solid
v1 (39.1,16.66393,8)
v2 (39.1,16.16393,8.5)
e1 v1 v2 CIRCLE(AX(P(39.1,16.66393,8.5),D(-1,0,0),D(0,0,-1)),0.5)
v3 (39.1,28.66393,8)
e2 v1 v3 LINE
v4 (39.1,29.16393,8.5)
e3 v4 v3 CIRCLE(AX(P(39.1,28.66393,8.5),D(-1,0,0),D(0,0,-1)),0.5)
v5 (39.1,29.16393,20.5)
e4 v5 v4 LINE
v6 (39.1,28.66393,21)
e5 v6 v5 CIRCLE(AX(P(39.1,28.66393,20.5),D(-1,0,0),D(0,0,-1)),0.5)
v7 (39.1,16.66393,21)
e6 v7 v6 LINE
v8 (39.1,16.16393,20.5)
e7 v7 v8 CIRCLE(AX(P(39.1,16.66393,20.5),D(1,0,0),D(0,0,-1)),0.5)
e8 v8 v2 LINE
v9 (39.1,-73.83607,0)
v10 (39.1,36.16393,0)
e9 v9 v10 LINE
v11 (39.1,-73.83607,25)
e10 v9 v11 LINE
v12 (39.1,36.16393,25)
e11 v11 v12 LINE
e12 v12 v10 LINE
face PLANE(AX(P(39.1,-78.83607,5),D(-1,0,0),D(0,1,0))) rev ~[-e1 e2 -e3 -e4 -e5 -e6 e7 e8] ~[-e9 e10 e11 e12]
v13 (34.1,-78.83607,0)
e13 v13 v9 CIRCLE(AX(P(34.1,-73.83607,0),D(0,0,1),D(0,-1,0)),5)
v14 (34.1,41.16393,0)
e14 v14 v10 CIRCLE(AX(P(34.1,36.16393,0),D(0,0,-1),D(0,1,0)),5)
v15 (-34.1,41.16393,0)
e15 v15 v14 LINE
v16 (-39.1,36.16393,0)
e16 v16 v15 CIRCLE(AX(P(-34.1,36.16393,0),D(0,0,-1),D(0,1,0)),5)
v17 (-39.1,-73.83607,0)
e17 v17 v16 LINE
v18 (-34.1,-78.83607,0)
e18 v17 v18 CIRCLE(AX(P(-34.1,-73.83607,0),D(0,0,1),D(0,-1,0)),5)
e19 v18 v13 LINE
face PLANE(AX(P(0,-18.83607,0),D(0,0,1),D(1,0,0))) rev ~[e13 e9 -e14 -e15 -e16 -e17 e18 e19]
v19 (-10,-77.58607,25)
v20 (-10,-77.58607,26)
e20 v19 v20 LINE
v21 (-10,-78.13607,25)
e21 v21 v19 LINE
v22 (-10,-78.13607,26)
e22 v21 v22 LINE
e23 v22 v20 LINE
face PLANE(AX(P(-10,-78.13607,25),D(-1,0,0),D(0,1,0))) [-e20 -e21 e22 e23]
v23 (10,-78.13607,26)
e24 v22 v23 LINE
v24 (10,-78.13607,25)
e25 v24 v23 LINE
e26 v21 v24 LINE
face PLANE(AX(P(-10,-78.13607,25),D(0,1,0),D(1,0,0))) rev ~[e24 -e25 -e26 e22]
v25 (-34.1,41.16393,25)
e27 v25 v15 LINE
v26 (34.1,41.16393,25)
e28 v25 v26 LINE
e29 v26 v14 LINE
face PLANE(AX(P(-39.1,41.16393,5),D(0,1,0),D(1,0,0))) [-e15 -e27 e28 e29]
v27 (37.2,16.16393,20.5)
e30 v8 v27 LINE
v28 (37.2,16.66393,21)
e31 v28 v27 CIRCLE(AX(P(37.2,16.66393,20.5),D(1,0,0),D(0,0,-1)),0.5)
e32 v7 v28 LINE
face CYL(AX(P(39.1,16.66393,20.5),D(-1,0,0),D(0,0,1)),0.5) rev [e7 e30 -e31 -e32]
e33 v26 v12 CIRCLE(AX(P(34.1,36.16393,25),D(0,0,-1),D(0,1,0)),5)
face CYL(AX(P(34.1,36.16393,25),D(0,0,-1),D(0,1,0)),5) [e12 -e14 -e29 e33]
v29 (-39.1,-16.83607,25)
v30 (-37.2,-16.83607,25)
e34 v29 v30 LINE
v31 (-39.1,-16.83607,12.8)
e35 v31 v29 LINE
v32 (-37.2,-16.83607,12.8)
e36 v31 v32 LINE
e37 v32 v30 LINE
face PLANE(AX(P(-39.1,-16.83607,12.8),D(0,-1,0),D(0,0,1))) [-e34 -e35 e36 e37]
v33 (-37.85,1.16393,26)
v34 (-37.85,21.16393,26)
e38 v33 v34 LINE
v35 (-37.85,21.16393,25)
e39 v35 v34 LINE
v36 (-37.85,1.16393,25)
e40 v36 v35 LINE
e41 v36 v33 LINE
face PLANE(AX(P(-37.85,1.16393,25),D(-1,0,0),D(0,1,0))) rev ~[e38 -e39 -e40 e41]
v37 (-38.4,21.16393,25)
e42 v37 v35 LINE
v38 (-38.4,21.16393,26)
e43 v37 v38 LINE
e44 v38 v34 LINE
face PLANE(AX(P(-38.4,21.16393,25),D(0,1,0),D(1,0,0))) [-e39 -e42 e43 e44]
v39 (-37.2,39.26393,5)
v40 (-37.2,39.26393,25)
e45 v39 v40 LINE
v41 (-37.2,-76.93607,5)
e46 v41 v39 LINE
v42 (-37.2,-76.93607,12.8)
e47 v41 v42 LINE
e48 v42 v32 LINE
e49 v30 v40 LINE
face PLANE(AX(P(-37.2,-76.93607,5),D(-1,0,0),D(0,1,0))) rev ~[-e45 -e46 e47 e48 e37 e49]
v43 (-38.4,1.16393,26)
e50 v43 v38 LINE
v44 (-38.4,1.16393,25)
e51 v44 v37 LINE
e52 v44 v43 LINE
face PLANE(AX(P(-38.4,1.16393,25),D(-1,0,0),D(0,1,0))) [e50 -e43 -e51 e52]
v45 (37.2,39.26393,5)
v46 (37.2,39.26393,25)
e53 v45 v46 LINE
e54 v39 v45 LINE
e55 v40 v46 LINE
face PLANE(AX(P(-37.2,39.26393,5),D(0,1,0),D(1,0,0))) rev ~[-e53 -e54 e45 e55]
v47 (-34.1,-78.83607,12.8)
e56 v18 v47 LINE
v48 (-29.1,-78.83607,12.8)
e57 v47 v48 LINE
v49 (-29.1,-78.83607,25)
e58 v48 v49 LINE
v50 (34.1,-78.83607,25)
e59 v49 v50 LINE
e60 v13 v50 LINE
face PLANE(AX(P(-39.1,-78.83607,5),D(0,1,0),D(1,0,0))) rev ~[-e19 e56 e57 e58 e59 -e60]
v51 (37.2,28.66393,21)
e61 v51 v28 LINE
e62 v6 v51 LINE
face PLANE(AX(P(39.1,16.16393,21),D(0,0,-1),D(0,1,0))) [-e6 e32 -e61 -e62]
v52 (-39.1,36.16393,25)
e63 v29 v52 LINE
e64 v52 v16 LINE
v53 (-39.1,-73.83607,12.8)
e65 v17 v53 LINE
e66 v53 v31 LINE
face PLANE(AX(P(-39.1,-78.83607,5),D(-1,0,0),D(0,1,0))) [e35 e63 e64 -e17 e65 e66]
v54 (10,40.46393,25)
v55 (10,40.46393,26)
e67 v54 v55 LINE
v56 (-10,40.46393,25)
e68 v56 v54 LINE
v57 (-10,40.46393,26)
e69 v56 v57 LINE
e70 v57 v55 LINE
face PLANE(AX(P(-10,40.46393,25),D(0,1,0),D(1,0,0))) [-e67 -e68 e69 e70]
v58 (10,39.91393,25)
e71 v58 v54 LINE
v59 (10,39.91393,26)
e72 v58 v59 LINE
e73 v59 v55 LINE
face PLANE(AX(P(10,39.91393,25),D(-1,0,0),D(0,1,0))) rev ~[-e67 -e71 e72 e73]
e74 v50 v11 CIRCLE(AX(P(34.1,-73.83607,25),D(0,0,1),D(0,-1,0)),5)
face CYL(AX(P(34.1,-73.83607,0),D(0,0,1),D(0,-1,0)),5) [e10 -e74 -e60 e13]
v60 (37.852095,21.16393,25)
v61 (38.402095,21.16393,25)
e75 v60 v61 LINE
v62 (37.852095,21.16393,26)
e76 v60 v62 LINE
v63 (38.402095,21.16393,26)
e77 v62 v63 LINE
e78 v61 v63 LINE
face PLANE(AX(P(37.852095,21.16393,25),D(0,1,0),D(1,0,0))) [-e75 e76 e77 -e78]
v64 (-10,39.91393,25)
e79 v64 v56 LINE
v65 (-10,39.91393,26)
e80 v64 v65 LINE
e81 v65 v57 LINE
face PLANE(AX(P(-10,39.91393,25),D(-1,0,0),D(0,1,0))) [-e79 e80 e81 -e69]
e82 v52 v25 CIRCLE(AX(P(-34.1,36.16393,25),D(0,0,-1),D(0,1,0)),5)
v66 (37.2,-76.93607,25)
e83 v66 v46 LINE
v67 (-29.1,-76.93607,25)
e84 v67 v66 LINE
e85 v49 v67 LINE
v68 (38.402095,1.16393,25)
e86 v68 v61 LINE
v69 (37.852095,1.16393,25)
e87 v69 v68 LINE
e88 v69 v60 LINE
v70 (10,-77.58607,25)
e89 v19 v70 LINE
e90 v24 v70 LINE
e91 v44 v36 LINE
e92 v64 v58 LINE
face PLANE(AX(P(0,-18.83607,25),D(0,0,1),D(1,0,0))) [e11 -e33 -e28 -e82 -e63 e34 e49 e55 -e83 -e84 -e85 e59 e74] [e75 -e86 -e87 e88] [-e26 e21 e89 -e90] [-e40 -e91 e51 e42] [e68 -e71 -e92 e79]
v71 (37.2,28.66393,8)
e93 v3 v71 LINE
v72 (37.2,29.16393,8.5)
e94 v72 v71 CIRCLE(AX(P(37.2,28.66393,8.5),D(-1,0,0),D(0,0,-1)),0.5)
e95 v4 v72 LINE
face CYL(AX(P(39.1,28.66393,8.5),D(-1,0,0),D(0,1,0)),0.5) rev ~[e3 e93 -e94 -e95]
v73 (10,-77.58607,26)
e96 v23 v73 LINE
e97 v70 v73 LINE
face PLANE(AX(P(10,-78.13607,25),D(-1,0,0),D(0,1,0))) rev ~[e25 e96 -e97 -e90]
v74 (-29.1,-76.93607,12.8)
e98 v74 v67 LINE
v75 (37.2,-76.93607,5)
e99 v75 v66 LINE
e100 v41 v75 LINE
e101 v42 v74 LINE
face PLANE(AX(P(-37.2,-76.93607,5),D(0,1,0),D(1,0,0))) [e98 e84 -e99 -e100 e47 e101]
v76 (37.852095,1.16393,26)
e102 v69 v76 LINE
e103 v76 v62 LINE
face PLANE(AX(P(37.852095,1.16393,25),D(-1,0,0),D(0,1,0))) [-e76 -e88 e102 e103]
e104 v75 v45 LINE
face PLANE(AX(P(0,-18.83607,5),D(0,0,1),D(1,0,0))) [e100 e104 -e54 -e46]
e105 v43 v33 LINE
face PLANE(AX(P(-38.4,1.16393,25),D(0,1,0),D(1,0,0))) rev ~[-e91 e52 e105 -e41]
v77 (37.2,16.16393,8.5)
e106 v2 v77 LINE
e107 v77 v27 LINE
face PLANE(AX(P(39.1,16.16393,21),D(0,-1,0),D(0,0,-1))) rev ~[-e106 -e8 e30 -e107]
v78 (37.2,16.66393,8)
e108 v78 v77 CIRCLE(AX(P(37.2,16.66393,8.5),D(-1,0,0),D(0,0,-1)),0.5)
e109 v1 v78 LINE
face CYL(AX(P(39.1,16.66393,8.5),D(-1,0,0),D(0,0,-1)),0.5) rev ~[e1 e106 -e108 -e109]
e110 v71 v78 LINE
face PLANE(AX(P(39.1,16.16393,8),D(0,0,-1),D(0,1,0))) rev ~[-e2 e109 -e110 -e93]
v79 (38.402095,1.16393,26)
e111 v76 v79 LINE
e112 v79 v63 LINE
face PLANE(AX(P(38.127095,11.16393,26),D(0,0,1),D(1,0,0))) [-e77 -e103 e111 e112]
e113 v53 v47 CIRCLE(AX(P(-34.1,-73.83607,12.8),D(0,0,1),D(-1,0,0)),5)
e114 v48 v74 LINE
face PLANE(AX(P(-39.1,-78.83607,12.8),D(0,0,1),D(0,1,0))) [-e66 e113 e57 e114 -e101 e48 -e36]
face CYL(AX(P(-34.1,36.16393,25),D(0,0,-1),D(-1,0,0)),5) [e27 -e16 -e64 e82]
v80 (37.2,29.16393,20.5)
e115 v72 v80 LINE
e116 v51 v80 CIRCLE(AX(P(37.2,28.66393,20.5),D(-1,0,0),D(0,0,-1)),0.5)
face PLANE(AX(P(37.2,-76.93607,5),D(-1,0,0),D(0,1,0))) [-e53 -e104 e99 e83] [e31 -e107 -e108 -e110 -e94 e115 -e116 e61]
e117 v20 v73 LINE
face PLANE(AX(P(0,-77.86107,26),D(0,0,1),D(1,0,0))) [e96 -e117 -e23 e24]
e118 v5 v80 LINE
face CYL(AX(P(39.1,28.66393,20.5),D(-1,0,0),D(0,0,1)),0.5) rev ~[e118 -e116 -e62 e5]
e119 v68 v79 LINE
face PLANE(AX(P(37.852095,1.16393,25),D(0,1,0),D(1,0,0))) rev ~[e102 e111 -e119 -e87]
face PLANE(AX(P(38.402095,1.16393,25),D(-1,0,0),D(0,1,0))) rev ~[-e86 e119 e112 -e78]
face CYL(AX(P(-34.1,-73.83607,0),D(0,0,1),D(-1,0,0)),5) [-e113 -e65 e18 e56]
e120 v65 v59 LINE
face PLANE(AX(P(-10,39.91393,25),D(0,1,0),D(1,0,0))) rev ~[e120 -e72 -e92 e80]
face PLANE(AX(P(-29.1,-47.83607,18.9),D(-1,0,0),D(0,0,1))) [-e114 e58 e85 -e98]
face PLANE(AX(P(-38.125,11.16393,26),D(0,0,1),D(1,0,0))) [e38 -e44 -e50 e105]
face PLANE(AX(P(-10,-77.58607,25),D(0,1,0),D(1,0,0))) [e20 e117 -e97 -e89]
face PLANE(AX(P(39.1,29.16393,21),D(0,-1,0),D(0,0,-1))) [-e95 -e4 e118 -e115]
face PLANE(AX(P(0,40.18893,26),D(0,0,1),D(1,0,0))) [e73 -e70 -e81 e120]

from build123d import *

# Parameters (mm, degrees)
SCHIZZO1_W                   = 78.2
SCHIZZO1_H                   = 120
ESTRUSIONE_ESTRUSIONE1_DEPTH = 5
SCHIZZO2_W                   = 78.2
SCHIZZO2_H                   = 120
SCHIZZO2_W_2                 = 74.4
SCHIZZO2_H_2                 = 116.2
ESTRUSIONE_ESTRUSIONE2_DEPTH = 20
SCHIZZO3_W                   = 0.55
SCHIZZO3_H                   = 20
SCHIZZO3_W_2                 = 20
SCHIZZO3_H_2                 = 0.55
ESTRUSIONE_ESTRUSIONE3_DEPTH = 1
SCHIZZO4_W                   = 13
SCHIZZO4_H                   = 13
TAGLIO_ESTRUSIONE1_DEPTH     = 4
RACCORDO1_R                  = 5
RACCORDO2_R                  = 0.5
SCHIZZO5_W                   = 12.2
SCHIZZO5_H                   = 62
TAGLIO_ESTRUSIONE2_DEPTH     = 10


with BuildPart() as part:
    # Schizzo1 → Estrusione-Estrusione1 (new body)
    with BuildSketch(Plane.XY):
        with Locations((0, -18.836070381)):
            Rectangle(SCHIZZO1_W, SCHIZZO1_H)
    extrude(amount=ESTRUSIONE_ESTRUSIONE1_DEPTH)

    # Schizzo2 → Estrusione-Estrusione2 (add)
    with BuildSketch(Plane.XY.offset(5)):
        with Locations((0, -18.836070381)):
            Rectangle(SCHIZZO2_W, SCHIZZO2_H)
        with Locations((0, -18.836070381)):
            Rectangle(SCHIZZO2_W_2, SCHIZZO2_H_2, mode=Mode.SUBTRACT)
    extrude(amount=ESTRUSIONE_ESTRUSIONE2_DEPTH)

    # Schizzo3 → Estrusione-Estrusione3 (add)
    with BuildSketch(Plane.XY.offset(25)):
        with Locations((-38.125, 11.163929619)):
            Rectangle(SCHIZZO3_W, SCHIZZO3_H)
        with Locations((38.127094898, 11.163929619)):
            Rectangle(SCHIZZO3_W, SCHIZZO3_H)
        with Locations((0, 40.188929619)):
            Rectangle(SCHIZZO3_W_2, SCHIZZO3_H_2)
        with Locations((0, -77.861070381)):
            Rectangle(SCHIZZO3_W_2, SCHIZZO3_H_2)
    extrude(amount=ESTRUSIONE_ESTRUSIONE3_DEPTH)

    # Schizzo4 → Taglio-Estrusione1 (cut)
    with BuildSketch(Plane(origin=(39.1, 0, 0), x_dir=(0, 0, -1), z_dir=(1, 0, 0))):
        with Locations((-14.5, 22.663929619)):
            Rectangle(SCHIZZO4_W, SCHIZZO4_H)
    extrude(amount=-TAGLIO_ESTRUSIONE1_DEPTH, mode=Mode.SUBTRACT)

    # Raccordo1
    raccordo1_edges = [part.edges().sort_by_distance(p)[0] for p in [
        (-39.1, 41.163929619, 12.5),
        (39.1, 41.163929619, 12.5),
        (39.1, -78.836070381, 12.5),
        (-39.1, -78.836070381, 12.5),
    ]]
    fillet(raccordo1_edges, radius=RACCORDO1_R)

    # Raccordo2
    raccordo2_edges = [part.edges().sort_by_distance(p)[0] for p in [
        (38.15, 16.163929619, 21),
        (38.15, 29.163929619, 21),
        (38.15, 29.163929619, 8),
        (38.15, 16.163929619, 8),
    ]]
    fillet(raccordo2_edges, radius=RACCORDO2_R)

    # Schizzo5 → Taglio-Estrusione2 (cut)
    with BuildSketch(Plane.ZY.offset(39.1)):
        with Locations((18.9, -47.836070381)):
            Rectangle(SCHIZZO5_W, SCHIZZO5_H)
    extrude(amount=-TAGLIO_ESTRUSIONE2_DEPTH, mode=Mode.SUBTRACT)


solid = part.part
